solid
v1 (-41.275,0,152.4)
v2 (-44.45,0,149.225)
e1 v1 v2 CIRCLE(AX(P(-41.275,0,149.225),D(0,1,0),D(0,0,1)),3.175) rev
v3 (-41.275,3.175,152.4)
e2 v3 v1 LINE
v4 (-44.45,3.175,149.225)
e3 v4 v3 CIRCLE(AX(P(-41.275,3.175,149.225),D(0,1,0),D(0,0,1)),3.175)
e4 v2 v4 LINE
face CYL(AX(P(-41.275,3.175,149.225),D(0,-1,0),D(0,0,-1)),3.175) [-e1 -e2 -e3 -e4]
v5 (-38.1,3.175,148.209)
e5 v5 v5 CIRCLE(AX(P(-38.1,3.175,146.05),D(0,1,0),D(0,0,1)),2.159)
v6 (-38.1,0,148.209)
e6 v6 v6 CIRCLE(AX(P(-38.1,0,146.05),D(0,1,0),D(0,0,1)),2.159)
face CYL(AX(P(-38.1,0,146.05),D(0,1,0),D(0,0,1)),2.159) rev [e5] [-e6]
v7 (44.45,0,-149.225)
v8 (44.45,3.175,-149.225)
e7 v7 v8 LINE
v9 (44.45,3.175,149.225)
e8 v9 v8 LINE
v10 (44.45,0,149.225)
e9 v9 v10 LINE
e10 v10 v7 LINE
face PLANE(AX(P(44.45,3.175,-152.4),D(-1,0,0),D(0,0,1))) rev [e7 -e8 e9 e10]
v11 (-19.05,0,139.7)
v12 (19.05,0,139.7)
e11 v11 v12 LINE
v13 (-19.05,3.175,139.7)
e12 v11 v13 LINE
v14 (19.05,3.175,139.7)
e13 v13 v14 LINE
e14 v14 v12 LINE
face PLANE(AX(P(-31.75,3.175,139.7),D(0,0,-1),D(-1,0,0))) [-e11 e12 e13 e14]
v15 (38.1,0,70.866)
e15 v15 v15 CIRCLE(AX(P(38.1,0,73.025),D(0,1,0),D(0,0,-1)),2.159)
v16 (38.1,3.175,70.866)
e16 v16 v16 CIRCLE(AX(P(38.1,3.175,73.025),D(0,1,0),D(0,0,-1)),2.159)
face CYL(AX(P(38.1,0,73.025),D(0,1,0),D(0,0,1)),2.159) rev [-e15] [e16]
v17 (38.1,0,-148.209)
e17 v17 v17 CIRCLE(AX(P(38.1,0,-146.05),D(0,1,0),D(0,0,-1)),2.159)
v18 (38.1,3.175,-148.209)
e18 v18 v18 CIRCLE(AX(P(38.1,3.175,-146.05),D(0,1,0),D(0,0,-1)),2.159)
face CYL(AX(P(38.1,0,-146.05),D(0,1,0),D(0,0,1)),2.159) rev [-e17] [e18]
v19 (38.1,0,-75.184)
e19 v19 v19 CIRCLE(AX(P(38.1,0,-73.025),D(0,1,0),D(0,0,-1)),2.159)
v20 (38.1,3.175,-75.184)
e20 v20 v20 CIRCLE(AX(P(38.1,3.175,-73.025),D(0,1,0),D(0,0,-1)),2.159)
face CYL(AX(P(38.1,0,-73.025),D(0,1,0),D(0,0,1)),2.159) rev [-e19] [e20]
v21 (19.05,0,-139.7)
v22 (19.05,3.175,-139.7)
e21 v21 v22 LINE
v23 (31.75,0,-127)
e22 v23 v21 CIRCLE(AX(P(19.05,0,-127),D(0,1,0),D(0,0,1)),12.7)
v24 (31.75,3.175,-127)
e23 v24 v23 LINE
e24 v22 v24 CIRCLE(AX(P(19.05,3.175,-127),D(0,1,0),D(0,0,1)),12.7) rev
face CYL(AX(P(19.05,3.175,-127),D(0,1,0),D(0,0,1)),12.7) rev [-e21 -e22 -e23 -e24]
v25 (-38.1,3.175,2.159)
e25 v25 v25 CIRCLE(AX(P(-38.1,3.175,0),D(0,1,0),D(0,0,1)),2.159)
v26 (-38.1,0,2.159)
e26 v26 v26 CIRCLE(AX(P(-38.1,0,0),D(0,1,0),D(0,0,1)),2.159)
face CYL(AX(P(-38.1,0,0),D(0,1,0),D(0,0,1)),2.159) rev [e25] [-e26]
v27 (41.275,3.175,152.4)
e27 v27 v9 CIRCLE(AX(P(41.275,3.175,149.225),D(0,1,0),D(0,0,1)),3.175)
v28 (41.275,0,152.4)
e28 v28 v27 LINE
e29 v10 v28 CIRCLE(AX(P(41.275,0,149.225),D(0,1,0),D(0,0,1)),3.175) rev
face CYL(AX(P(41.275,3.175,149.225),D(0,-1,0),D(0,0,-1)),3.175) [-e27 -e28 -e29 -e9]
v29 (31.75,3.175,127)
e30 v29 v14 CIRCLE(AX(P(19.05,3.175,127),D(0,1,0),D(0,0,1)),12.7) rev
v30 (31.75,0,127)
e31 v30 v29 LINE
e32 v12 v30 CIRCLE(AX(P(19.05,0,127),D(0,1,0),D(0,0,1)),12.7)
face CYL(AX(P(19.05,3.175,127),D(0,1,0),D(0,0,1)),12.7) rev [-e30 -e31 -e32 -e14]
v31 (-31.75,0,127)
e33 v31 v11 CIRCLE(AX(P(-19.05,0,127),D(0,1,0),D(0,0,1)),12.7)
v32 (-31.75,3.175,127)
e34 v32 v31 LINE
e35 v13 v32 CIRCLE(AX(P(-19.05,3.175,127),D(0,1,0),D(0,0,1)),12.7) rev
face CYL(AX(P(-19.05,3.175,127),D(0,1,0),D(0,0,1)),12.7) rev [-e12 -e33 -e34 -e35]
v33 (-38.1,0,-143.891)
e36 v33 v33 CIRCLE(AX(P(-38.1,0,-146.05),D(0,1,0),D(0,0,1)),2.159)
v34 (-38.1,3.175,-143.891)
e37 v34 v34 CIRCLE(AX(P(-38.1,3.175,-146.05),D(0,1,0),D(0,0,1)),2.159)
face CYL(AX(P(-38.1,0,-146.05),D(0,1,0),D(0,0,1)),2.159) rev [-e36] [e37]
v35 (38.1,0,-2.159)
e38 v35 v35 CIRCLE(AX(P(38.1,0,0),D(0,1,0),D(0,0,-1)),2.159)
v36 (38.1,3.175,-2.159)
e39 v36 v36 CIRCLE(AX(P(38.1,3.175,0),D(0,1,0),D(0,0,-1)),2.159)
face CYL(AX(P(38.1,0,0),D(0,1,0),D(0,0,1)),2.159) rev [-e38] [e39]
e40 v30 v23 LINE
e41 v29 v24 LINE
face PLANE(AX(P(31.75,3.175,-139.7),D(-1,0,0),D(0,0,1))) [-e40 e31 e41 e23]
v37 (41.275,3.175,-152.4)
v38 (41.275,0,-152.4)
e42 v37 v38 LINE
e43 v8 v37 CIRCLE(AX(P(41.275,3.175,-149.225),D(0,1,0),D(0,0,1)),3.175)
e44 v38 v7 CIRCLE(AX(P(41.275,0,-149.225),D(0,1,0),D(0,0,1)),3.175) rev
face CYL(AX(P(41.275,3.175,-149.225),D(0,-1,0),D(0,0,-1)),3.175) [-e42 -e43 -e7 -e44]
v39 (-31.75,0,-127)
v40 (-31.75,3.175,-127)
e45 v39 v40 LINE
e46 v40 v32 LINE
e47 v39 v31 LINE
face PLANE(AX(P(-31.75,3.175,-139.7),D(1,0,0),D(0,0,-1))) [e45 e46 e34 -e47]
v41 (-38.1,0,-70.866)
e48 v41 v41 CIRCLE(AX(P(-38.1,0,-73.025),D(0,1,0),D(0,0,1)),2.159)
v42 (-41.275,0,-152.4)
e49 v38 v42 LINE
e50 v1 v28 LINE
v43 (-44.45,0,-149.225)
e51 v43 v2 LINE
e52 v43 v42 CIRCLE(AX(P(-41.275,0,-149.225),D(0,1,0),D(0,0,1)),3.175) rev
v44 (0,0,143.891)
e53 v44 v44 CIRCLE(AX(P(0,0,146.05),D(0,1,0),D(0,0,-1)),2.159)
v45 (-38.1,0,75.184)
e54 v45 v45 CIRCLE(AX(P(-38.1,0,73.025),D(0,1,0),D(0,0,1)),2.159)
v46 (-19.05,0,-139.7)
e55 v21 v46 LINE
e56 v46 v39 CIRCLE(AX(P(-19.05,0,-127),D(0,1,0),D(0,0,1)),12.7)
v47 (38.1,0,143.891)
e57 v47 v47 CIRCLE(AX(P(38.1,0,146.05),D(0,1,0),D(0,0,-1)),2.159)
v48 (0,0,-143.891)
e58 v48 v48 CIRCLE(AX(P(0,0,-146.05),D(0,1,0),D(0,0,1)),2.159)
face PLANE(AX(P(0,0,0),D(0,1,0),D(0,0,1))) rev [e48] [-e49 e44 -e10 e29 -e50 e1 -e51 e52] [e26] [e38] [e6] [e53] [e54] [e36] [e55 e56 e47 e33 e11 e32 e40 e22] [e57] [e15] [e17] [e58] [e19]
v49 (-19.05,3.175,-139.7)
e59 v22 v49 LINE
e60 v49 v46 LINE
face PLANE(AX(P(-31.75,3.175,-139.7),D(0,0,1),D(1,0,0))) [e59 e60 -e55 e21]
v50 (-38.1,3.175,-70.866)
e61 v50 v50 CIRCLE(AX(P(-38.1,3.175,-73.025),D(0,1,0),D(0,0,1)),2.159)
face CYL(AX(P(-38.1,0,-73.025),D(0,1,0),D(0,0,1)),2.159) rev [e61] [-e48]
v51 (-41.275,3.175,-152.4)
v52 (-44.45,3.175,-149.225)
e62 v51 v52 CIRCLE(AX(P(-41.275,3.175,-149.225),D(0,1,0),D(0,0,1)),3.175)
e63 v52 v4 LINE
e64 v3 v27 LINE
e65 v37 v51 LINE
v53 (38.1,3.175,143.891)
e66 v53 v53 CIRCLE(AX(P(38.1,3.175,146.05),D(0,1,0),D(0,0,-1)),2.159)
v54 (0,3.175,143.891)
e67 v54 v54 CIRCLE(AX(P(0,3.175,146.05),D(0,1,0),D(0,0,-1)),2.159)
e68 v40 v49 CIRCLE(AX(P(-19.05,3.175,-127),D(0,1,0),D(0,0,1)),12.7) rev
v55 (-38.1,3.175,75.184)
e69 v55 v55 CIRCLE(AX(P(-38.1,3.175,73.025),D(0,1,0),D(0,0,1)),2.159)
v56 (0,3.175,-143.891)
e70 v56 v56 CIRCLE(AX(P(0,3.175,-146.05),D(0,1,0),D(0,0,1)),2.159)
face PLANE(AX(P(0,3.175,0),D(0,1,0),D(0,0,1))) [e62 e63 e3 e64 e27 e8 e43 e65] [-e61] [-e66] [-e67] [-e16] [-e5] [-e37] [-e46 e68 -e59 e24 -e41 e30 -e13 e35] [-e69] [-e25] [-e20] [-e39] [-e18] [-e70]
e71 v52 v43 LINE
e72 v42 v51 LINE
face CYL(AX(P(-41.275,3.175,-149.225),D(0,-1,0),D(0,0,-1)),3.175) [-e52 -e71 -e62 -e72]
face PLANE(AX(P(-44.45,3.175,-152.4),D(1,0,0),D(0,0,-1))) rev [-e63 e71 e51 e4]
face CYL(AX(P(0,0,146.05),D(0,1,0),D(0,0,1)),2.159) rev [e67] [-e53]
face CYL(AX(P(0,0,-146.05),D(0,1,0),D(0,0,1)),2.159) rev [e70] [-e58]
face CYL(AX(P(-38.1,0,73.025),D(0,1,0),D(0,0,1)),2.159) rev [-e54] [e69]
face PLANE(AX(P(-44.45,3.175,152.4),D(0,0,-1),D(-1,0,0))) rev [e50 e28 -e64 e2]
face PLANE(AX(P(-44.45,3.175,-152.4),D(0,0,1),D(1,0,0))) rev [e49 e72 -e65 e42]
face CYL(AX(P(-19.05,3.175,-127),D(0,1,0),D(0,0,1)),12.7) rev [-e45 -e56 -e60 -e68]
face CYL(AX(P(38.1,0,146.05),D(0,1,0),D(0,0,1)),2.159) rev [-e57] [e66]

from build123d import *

# Parameters (mm, degrees)
SKETCH1_W           = 88.9
SKETCH1_H           = 304.8
SKETCH1_W_2         = 63.5
SKETCH1_H_2         = 279.4
BOSS_EXTRUDE1_DEPTH = 3.175
SKETCH7_R           = 2.159
CUT_EXTRUDE2_DEPTH  = 159.781746826
FILLET1_R           = 12.7
FILLET3_R           = 3.175


with BuildPart() as part:
    # Sketch1 → Boss-Extrude1 (new body)
    with BuildSketch(Plane(origin=(0, 0, 0), x_dir=(1, 0, 0), z_dir=(0, 1, 0))):
        Rectangle(SKETCH1_W, SKETCH1_H)
        Rectangle(SKETCH1_W_2, SKETCH1_H_2, mode=Mode.SUBTRACT)
    extrude(amount=BOSS_EXTRUDE1_DEPTH)

    # Sketch7 → Cut-Extrude2 (cut, through all)
    with BuildSketch(Plane(origin=(0, 3.175, 0), x_dir=(1, 0, 0), z_dir=(0, 1, 0))):
        with Locations(Location((-38.1, 146.05, 0), (0, 0, 270))):
            Circle(SKETCH7_R)
        with Locations(Location((-38.1, 73.025, 0), (0, 0, 270))):
            Circle(SKETCH7_R)
        with Locations(Location((-38.1, 0, 0), (0, 0, 270))):
            Circle(SKETCH7_R)
        with Locations(Location((-38.1, -73.025, 0), (0, 0, 270))):
            Circle(SKETCH7_R)
        with Locations(Location((-38.1, -146.05, 0), (0, 0, 270))):
            Circle(SKETCH7_R)
        with Locations(Location((38.1, -146.05, 0), (0, 0, 90))):
            Circle(SKETCH7_R)
        with Locations(Location((38.1, -73.025, 0), (0, 0, 90))):
            Circle(SKETCH7_R)
        with Locations(Location((38.1, 0, 0), (0, 0, 90))):
            Circle(SKETCH7_R)
        with Locations(Location((38.1, 73.025, 0), (0, 0, 90))):
            Circle(SKETCH7_R)
        with Locations(Location((38.1, 146.05, 0), (0, 0, 90))):
            Circle(SKETCH7_R)
        with Locations(Location((0, 146.05, 0), (0, 0, 270))):
            Circle(SKETCH7_R)
        with Locations(Location((0, -146.05, 0), (0, 0, 90))):
            Circle(SKETCH7_R)
    extrude(amount=-CUT_EXTRUDE2_DEPTH, mode=Mode.SUBTRACT)

    # Fillet1
    fillet1_edges = [part.edges().sort_by_distance(p)[0] for p in [
        (-31.75, 1.5875, -139.7),
        (-31.75, 1.5875, 139.7),
        (31.75, 1.5875, 139.7),
        (31.75, 1.5875, -139.7),
    ]]
    fillet(fillet1_edges, radius=FILLET1_R)

    # Fillet3
    fillet3_edges = [part.edges().sort_by_distance(p)[0] for p in [
        (-44.45, 1.5875, -152.4),
        (44.45, 1.5875, -152.4),
        (44.45, 1.5875, 152.4),
        (-44.45, 1.5875, 152.4),
    ]]
    fillet(fillet3_edges, radius=FILLET3_R)


solid = part.part
